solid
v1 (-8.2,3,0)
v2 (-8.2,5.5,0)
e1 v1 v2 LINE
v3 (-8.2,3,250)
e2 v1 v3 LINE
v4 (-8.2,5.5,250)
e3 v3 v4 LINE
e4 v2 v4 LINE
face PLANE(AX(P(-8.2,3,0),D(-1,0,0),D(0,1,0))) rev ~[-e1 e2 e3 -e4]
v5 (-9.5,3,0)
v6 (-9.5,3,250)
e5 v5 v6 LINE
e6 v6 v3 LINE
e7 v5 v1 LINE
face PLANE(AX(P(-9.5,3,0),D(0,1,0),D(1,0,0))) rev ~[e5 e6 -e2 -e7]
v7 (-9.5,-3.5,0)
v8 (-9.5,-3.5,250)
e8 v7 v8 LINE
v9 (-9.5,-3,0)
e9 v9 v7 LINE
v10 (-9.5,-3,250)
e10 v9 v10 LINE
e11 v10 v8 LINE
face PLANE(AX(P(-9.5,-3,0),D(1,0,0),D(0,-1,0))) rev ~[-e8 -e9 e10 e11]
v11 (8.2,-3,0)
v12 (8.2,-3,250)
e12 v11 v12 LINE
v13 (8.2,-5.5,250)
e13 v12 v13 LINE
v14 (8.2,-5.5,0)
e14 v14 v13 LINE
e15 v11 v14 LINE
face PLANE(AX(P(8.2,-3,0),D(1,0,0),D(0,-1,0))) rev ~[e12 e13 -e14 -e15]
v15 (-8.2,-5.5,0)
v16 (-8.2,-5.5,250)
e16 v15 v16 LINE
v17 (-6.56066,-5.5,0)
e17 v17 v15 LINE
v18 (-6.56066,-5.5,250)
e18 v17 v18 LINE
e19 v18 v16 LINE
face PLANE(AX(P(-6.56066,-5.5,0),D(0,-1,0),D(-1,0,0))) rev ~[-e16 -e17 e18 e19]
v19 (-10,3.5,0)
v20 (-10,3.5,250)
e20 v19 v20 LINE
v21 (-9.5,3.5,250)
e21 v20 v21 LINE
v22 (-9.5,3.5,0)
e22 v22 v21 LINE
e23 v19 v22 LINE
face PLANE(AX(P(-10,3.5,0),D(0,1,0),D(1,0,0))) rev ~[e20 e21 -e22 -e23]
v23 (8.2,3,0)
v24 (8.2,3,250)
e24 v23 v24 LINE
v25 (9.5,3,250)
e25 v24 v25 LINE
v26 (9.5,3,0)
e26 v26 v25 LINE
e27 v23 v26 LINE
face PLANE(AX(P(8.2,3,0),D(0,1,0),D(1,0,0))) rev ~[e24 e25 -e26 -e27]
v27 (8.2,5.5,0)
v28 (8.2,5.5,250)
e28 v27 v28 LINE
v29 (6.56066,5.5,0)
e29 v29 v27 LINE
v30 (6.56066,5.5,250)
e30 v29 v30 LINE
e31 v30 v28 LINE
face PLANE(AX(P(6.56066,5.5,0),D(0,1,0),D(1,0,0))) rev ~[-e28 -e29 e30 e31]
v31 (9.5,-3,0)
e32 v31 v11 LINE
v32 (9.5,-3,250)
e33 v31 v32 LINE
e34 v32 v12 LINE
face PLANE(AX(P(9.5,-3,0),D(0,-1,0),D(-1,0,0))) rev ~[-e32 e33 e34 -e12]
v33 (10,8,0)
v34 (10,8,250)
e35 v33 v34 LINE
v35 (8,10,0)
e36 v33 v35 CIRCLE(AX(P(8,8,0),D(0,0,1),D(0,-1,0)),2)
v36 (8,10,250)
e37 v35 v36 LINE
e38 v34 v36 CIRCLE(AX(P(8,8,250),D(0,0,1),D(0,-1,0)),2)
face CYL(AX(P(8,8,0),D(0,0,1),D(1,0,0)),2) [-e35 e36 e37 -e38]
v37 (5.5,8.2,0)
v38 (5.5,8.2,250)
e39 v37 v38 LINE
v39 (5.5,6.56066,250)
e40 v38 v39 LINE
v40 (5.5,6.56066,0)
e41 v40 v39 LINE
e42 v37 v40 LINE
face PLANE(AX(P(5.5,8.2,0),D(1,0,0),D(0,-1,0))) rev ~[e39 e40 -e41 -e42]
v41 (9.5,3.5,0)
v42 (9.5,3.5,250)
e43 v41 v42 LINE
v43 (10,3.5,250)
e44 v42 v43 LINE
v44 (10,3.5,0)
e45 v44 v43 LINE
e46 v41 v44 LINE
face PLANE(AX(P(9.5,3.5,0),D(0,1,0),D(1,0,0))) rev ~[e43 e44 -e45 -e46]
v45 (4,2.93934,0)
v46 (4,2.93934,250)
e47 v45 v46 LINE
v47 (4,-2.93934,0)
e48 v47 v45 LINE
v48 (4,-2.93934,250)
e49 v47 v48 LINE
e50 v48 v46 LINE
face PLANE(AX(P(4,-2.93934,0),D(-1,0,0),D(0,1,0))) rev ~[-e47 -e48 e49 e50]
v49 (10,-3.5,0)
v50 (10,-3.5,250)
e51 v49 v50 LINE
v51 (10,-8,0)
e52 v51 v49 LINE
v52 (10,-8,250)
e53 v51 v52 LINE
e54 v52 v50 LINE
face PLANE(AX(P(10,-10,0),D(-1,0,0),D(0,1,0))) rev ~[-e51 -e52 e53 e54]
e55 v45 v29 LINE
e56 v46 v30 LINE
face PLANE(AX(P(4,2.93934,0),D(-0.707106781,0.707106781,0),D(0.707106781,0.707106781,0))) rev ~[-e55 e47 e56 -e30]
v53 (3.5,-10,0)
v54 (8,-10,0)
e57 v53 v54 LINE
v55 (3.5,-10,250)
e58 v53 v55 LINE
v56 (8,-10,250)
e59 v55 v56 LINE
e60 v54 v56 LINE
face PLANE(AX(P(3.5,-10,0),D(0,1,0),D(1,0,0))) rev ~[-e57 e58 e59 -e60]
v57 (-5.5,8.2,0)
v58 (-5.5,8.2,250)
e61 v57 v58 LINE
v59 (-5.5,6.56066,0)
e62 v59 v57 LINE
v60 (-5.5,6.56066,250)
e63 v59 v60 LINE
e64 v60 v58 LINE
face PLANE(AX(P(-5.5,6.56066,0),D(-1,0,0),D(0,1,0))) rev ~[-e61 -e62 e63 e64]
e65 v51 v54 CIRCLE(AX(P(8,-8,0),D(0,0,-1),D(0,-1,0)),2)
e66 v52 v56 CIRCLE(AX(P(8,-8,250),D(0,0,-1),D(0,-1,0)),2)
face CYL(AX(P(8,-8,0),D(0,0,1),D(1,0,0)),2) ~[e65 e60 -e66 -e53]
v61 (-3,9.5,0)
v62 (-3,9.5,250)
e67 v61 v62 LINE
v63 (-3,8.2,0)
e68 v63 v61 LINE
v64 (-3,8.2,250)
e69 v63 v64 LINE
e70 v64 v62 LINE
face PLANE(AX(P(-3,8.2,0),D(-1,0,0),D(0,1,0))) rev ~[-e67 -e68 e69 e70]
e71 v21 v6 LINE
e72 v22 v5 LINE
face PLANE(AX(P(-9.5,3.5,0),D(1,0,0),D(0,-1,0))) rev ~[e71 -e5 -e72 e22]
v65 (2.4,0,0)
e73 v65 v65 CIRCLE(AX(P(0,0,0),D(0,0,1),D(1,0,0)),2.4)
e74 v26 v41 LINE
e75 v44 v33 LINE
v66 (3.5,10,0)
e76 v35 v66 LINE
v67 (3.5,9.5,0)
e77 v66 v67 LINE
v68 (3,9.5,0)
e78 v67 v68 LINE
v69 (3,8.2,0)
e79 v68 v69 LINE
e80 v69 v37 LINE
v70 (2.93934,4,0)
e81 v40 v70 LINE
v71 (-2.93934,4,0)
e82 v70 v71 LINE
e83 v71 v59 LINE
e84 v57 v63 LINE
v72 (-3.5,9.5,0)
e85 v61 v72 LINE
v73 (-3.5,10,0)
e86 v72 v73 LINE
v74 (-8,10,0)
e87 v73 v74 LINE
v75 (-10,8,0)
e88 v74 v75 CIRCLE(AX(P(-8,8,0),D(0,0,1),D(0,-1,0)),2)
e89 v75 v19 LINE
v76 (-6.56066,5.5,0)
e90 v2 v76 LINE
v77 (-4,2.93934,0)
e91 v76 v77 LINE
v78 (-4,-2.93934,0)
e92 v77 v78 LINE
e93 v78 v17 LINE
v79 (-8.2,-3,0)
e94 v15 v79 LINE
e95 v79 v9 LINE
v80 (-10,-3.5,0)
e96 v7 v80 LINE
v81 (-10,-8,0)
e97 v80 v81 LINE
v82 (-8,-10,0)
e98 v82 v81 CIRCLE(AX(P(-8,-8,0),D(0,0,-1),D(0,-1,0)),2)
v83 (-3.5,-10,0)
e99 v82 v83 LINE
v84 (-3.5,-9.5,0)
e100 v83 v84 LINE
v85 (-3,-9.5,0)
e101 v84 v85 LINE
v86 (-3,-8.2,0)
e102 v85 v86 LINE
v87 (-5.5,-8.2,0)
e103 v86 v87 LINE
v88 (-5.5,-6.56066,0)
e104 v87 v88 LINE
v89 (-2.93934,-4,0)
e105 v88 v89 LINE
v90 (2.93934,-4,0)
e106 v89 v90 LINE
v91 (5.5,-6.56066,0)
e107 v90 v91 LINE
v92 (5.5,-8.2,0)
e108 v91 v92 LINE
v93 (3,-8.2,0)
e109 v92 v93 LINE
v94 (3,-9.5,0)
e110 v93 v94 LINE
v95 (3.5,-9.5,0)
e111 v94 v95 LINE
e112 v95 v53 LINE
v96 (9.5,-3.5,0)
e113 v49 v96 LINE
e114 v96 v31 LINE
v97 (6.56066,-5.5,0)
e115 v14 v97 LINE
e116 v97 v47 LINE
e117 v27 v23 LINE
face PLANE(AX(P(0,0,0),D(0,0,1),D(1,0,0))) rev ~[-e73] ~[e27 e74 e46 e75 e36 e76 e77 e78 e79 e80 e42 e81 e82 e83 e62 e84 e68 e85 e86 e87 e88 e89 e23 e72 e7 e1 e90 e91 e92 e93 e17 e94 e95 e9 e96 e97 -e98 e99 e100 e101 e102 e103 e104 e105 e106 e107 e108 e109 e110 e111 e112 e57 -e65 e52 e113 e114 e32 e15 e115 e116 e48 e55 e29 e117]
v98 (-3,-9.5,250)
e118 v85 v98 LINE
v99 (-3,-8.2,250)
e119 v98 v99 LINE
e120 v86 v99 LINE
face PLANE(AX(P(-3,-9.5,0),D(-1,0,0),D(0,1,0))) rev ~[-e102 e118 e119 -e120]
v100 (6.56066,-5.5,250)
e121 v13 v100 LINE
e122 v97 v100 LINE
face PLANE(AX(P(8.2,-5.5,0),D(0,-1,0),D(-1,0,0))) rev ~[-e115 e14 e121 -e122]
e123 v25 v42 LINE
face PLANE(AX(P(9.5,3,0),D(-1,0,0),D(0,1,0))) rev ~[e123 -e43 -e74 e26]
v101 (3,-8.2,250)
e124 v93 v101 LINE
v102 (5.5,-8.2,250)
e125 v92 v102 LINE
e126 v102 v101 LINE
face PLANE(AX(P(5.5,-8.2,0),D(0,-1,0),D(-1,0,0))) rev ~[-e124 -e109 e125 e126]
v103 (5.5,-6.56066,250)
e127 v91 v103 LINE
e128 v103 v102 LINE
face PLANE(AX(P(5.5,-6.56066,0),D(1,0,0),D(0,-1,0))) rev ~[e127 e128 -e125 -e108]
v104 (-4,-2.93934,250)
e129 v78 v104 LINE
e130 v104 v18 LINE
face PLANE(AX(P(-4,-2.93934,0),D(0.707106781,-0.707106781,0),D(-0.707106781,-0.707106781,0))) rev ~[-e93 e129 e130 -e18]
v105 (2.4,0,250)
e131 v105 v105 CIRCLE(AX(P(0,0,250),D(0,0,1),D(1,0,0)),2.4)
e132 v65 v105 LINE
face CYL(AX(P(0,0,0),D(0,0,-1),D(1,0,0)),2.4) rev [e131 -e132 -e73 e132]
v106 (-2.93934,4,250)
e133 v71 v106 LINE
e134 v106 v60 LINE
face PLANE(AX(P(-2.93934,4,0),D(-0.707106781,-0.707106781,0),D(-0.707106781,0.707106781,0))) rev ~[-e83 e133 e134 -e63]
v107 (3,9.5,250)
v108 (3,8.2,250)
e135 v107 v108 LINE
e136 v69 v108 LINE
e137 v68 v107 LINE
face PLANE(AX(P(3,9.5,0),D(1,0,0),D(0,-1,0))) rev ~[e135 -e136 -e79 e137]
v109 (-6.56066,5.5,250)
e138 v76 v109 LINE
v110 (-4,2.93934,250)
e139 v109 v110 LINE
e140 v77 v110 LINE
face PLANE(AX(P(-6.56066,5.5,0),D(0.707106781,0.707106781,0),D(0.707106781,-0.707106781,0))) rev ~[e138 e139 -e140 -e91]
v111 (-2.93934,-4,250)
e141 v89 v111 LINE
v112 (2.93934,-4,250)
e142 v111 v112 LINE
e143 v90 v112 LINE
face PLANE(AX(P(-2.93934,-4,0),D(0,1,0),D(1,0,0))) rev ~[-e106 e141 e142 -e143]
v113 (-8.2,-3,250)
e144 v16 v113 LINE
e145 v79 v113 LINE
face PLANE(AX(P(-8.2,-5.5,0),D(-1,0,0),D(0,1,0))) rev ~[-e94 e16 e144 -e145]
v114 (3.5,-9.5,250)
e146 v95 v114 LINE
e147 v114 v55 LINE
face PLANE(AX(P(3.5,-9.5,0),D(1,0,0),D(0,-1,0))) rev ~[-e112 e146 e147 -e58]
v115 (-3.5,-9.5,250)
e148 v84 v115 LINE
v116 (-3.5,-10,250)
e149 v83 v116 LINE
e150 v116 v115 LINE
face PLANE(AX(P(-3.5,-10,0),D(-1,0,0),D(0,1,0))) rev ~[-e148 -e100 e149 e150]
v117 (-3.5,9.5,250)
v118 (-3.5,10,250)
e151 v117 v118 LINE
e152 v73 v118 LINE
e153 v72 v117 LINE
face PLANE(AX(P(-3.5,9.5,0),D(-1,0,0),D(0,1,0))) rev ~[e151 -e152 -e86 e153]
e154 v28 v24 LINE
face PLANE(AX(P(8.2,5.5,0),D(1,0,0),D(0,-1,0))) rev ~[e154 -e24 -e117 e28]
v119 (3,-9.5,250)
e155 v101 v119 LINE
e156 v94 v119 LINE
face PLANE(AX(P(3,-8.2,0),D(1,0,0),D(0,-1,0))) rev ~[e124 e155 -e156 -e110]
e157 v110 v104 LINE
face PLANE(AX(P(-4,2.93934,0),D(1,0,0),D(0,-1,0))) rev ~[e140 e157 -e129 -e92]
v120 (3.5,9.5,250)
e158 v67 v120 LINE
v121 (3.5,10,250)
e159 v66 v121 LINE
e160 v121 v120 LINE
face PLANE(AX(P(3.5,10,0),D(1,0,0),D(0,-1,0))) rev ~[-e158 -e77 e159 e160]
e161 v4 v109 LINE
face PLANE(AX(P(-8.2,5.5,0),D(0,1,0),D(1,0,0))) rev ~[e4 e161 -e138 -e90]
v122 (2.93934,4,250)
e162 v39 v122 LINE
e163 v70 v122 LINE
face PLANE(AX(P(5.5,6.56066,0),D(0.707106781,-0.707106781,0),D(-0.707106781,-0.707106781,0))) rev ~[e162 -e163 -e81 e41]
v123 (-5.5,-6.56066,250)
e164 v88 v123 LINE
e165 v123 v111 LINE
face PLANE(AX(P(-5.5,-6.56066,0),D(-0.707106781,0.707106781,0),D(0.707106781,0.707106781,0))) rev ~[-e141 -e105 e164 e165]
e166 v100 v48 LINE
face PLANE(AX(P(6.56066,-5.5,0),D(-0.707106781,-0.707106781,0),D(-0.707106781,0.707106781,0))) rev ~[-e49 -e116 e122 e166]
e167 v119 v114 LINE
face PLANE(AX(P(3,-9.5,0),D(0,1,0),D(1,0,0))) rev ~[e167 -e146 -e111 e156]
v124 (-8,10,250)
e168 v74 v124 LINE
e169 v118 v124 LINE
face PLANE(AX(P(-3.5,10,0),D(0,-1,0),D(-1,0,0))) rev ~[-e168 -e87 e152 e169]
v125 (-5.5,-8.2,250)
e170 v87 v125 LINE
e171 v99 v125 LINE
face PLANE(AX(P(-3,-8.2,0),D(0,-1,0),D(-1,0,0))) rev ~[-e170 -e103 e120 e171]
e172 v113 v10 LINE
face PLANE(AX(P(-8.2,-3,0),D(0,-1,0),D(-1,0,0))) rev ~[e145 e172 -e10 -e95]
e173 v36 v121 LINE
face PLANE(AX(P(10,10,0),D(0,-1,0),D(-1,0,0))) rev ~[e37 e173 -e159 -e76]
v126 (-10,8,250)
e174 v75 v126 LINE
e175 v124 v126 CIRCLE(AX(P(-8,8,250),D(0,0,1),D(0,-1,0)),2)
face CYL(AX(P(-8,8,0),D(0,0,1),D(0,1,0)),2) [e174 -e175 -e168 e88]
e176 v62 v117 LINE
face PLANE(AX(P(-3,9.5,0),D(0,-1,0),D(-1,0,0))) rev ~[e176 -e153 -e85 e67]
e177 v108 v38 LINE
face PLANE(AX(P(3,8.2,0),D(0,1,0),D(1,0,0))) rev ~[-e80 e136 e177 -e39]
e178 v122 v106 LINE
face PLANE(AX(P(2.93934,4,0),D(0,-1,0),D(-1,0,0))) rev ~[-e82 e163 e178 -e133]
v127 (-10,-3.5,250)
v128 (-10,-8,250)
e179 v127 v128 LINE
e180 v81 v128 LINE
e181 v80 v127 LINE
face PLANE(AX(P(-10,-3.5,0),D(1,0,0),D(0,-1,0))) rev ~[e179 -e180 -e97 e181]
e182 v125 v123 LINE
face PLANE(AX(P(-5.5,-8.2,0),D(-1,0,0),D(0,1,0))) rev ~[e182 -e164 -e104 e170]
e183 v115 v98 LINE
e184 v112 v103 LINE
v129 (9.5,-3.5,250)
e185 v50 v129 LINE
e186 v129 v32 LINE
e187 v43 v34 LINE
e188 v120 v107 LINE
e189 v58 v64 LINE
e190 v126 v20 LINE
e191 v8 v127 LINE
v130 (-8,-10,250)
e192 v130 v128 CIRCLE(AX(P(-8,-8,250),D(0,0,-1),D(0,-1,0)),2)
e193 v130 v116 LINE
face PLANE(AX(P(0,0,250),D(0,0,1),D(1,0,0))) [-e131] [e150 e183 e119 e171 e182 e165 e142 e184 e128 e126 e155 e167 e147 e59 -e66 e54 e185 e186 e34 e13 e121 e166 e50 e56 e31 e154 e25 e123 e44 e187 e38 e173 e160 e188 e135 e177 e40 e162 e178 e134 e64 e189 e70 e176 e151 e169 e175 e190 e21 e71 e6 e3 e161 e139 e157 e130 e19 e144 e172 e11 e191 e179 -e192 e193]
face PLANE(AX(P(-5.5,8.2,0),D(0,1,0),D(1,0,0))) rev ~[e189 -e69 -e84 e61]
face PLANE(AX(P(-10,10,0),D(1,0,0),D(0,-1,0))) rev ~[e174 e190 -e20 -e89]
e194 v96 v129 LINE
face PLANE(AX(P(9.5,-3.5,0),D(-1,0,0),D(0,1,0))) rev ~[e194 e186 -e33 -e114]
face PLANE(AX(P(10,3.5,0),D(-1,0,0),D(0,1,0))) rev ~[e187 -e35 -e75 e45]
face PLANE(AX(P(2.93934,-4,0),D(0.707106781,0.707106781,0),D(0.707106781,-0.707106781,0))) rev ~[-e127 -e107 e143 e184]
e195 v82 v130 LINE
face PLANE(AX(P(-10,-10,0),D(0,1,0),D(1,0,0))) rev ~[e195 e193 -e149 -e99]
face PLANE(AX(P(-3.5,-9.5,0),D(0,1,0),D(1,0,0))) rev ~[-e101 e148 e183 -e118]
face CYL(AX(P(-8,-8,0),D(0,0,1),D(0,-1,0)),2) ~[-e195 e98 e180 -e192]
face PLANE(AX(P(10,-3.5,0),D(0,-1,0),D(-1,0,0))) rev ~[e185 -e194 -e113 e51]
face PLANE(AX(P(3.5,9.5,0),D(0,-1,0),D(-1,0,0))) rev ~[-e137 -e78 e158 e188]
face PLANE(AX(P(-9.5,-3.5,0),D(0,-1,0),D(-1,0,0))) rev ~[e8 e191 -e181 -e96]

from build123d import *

# Parameters (mm, degrees)
F0_R     = 2.4
F1_DEPTH = 250
F2_R     = 2


with BuildPart() as f1:
    # F0 (on Top) → F1 (new body)
    with BuildSketch(Plane.XY):
        Polygon((10, 3.5), (10, 10), (3.5, 10), (3.5, 9.5), (3, 9.5), (3, 8.2), (5.5, 8.2), (5.5, 6.56066), (2.93934, 4), (0, 4), (-2.93934, 4), (-5.5, 6.56066), (-5.5, 8.2), (-3, 8.2), (-3, 9.5), (-3.5, 9.5), (-3.5, 10), (-10, 10), (-10, 3.5), (-9.5, 3.5), (-9.5, 3), (-8.2, 3), (-8.2, 5.5), (-6.56066, 5.5), (-4, 2.93934), (-4, -2.93934), (-6.56066, -5.5), (-8.2, -5.5), (-8.2, -3), (-9.5, -3), (-9.5, -3.5), (-10, -3.5), (-10, -10), (-3.5, -10), (-3.5, -9.5), (-3, -9.5), (-3, -8.2), (-5.5, -8.2), (-5.5, -6.56066), (-2.93934, -4), (0, -4), (2.93934, -4), (5.5, -6.56066), (5.5, -8.2), (3, -8.2), (3, -9.5), (3.5, -9.5), (3.5, -10), (10, -10), (10, -3.5), (9.5, -3.5), (9.5, -3), (8.2, -3), (8.2, -5.5), (6.56066, -5.5), (4, -2.93934), (4, 2.93934), (6.56066, 5.5), (8.2, 5.5), (8.2, 3), (9.5, 3), (9.5, 3.5), align=None)
        Circle(F0_R, mode=Mode.SUBTRACT)
    extrude(amount=F1_DEPTH)

    # F2
    f2_edges = [f1.edges().sort_by_distance(p)[0] for p in [
        (10, 10, 125),
        (10, -10, 125),
        (-10, -10, 125),
        (-10, 10, 125),
    ]]
    fillet(f2_edges, radius=F2_R)


solid = f1.part
